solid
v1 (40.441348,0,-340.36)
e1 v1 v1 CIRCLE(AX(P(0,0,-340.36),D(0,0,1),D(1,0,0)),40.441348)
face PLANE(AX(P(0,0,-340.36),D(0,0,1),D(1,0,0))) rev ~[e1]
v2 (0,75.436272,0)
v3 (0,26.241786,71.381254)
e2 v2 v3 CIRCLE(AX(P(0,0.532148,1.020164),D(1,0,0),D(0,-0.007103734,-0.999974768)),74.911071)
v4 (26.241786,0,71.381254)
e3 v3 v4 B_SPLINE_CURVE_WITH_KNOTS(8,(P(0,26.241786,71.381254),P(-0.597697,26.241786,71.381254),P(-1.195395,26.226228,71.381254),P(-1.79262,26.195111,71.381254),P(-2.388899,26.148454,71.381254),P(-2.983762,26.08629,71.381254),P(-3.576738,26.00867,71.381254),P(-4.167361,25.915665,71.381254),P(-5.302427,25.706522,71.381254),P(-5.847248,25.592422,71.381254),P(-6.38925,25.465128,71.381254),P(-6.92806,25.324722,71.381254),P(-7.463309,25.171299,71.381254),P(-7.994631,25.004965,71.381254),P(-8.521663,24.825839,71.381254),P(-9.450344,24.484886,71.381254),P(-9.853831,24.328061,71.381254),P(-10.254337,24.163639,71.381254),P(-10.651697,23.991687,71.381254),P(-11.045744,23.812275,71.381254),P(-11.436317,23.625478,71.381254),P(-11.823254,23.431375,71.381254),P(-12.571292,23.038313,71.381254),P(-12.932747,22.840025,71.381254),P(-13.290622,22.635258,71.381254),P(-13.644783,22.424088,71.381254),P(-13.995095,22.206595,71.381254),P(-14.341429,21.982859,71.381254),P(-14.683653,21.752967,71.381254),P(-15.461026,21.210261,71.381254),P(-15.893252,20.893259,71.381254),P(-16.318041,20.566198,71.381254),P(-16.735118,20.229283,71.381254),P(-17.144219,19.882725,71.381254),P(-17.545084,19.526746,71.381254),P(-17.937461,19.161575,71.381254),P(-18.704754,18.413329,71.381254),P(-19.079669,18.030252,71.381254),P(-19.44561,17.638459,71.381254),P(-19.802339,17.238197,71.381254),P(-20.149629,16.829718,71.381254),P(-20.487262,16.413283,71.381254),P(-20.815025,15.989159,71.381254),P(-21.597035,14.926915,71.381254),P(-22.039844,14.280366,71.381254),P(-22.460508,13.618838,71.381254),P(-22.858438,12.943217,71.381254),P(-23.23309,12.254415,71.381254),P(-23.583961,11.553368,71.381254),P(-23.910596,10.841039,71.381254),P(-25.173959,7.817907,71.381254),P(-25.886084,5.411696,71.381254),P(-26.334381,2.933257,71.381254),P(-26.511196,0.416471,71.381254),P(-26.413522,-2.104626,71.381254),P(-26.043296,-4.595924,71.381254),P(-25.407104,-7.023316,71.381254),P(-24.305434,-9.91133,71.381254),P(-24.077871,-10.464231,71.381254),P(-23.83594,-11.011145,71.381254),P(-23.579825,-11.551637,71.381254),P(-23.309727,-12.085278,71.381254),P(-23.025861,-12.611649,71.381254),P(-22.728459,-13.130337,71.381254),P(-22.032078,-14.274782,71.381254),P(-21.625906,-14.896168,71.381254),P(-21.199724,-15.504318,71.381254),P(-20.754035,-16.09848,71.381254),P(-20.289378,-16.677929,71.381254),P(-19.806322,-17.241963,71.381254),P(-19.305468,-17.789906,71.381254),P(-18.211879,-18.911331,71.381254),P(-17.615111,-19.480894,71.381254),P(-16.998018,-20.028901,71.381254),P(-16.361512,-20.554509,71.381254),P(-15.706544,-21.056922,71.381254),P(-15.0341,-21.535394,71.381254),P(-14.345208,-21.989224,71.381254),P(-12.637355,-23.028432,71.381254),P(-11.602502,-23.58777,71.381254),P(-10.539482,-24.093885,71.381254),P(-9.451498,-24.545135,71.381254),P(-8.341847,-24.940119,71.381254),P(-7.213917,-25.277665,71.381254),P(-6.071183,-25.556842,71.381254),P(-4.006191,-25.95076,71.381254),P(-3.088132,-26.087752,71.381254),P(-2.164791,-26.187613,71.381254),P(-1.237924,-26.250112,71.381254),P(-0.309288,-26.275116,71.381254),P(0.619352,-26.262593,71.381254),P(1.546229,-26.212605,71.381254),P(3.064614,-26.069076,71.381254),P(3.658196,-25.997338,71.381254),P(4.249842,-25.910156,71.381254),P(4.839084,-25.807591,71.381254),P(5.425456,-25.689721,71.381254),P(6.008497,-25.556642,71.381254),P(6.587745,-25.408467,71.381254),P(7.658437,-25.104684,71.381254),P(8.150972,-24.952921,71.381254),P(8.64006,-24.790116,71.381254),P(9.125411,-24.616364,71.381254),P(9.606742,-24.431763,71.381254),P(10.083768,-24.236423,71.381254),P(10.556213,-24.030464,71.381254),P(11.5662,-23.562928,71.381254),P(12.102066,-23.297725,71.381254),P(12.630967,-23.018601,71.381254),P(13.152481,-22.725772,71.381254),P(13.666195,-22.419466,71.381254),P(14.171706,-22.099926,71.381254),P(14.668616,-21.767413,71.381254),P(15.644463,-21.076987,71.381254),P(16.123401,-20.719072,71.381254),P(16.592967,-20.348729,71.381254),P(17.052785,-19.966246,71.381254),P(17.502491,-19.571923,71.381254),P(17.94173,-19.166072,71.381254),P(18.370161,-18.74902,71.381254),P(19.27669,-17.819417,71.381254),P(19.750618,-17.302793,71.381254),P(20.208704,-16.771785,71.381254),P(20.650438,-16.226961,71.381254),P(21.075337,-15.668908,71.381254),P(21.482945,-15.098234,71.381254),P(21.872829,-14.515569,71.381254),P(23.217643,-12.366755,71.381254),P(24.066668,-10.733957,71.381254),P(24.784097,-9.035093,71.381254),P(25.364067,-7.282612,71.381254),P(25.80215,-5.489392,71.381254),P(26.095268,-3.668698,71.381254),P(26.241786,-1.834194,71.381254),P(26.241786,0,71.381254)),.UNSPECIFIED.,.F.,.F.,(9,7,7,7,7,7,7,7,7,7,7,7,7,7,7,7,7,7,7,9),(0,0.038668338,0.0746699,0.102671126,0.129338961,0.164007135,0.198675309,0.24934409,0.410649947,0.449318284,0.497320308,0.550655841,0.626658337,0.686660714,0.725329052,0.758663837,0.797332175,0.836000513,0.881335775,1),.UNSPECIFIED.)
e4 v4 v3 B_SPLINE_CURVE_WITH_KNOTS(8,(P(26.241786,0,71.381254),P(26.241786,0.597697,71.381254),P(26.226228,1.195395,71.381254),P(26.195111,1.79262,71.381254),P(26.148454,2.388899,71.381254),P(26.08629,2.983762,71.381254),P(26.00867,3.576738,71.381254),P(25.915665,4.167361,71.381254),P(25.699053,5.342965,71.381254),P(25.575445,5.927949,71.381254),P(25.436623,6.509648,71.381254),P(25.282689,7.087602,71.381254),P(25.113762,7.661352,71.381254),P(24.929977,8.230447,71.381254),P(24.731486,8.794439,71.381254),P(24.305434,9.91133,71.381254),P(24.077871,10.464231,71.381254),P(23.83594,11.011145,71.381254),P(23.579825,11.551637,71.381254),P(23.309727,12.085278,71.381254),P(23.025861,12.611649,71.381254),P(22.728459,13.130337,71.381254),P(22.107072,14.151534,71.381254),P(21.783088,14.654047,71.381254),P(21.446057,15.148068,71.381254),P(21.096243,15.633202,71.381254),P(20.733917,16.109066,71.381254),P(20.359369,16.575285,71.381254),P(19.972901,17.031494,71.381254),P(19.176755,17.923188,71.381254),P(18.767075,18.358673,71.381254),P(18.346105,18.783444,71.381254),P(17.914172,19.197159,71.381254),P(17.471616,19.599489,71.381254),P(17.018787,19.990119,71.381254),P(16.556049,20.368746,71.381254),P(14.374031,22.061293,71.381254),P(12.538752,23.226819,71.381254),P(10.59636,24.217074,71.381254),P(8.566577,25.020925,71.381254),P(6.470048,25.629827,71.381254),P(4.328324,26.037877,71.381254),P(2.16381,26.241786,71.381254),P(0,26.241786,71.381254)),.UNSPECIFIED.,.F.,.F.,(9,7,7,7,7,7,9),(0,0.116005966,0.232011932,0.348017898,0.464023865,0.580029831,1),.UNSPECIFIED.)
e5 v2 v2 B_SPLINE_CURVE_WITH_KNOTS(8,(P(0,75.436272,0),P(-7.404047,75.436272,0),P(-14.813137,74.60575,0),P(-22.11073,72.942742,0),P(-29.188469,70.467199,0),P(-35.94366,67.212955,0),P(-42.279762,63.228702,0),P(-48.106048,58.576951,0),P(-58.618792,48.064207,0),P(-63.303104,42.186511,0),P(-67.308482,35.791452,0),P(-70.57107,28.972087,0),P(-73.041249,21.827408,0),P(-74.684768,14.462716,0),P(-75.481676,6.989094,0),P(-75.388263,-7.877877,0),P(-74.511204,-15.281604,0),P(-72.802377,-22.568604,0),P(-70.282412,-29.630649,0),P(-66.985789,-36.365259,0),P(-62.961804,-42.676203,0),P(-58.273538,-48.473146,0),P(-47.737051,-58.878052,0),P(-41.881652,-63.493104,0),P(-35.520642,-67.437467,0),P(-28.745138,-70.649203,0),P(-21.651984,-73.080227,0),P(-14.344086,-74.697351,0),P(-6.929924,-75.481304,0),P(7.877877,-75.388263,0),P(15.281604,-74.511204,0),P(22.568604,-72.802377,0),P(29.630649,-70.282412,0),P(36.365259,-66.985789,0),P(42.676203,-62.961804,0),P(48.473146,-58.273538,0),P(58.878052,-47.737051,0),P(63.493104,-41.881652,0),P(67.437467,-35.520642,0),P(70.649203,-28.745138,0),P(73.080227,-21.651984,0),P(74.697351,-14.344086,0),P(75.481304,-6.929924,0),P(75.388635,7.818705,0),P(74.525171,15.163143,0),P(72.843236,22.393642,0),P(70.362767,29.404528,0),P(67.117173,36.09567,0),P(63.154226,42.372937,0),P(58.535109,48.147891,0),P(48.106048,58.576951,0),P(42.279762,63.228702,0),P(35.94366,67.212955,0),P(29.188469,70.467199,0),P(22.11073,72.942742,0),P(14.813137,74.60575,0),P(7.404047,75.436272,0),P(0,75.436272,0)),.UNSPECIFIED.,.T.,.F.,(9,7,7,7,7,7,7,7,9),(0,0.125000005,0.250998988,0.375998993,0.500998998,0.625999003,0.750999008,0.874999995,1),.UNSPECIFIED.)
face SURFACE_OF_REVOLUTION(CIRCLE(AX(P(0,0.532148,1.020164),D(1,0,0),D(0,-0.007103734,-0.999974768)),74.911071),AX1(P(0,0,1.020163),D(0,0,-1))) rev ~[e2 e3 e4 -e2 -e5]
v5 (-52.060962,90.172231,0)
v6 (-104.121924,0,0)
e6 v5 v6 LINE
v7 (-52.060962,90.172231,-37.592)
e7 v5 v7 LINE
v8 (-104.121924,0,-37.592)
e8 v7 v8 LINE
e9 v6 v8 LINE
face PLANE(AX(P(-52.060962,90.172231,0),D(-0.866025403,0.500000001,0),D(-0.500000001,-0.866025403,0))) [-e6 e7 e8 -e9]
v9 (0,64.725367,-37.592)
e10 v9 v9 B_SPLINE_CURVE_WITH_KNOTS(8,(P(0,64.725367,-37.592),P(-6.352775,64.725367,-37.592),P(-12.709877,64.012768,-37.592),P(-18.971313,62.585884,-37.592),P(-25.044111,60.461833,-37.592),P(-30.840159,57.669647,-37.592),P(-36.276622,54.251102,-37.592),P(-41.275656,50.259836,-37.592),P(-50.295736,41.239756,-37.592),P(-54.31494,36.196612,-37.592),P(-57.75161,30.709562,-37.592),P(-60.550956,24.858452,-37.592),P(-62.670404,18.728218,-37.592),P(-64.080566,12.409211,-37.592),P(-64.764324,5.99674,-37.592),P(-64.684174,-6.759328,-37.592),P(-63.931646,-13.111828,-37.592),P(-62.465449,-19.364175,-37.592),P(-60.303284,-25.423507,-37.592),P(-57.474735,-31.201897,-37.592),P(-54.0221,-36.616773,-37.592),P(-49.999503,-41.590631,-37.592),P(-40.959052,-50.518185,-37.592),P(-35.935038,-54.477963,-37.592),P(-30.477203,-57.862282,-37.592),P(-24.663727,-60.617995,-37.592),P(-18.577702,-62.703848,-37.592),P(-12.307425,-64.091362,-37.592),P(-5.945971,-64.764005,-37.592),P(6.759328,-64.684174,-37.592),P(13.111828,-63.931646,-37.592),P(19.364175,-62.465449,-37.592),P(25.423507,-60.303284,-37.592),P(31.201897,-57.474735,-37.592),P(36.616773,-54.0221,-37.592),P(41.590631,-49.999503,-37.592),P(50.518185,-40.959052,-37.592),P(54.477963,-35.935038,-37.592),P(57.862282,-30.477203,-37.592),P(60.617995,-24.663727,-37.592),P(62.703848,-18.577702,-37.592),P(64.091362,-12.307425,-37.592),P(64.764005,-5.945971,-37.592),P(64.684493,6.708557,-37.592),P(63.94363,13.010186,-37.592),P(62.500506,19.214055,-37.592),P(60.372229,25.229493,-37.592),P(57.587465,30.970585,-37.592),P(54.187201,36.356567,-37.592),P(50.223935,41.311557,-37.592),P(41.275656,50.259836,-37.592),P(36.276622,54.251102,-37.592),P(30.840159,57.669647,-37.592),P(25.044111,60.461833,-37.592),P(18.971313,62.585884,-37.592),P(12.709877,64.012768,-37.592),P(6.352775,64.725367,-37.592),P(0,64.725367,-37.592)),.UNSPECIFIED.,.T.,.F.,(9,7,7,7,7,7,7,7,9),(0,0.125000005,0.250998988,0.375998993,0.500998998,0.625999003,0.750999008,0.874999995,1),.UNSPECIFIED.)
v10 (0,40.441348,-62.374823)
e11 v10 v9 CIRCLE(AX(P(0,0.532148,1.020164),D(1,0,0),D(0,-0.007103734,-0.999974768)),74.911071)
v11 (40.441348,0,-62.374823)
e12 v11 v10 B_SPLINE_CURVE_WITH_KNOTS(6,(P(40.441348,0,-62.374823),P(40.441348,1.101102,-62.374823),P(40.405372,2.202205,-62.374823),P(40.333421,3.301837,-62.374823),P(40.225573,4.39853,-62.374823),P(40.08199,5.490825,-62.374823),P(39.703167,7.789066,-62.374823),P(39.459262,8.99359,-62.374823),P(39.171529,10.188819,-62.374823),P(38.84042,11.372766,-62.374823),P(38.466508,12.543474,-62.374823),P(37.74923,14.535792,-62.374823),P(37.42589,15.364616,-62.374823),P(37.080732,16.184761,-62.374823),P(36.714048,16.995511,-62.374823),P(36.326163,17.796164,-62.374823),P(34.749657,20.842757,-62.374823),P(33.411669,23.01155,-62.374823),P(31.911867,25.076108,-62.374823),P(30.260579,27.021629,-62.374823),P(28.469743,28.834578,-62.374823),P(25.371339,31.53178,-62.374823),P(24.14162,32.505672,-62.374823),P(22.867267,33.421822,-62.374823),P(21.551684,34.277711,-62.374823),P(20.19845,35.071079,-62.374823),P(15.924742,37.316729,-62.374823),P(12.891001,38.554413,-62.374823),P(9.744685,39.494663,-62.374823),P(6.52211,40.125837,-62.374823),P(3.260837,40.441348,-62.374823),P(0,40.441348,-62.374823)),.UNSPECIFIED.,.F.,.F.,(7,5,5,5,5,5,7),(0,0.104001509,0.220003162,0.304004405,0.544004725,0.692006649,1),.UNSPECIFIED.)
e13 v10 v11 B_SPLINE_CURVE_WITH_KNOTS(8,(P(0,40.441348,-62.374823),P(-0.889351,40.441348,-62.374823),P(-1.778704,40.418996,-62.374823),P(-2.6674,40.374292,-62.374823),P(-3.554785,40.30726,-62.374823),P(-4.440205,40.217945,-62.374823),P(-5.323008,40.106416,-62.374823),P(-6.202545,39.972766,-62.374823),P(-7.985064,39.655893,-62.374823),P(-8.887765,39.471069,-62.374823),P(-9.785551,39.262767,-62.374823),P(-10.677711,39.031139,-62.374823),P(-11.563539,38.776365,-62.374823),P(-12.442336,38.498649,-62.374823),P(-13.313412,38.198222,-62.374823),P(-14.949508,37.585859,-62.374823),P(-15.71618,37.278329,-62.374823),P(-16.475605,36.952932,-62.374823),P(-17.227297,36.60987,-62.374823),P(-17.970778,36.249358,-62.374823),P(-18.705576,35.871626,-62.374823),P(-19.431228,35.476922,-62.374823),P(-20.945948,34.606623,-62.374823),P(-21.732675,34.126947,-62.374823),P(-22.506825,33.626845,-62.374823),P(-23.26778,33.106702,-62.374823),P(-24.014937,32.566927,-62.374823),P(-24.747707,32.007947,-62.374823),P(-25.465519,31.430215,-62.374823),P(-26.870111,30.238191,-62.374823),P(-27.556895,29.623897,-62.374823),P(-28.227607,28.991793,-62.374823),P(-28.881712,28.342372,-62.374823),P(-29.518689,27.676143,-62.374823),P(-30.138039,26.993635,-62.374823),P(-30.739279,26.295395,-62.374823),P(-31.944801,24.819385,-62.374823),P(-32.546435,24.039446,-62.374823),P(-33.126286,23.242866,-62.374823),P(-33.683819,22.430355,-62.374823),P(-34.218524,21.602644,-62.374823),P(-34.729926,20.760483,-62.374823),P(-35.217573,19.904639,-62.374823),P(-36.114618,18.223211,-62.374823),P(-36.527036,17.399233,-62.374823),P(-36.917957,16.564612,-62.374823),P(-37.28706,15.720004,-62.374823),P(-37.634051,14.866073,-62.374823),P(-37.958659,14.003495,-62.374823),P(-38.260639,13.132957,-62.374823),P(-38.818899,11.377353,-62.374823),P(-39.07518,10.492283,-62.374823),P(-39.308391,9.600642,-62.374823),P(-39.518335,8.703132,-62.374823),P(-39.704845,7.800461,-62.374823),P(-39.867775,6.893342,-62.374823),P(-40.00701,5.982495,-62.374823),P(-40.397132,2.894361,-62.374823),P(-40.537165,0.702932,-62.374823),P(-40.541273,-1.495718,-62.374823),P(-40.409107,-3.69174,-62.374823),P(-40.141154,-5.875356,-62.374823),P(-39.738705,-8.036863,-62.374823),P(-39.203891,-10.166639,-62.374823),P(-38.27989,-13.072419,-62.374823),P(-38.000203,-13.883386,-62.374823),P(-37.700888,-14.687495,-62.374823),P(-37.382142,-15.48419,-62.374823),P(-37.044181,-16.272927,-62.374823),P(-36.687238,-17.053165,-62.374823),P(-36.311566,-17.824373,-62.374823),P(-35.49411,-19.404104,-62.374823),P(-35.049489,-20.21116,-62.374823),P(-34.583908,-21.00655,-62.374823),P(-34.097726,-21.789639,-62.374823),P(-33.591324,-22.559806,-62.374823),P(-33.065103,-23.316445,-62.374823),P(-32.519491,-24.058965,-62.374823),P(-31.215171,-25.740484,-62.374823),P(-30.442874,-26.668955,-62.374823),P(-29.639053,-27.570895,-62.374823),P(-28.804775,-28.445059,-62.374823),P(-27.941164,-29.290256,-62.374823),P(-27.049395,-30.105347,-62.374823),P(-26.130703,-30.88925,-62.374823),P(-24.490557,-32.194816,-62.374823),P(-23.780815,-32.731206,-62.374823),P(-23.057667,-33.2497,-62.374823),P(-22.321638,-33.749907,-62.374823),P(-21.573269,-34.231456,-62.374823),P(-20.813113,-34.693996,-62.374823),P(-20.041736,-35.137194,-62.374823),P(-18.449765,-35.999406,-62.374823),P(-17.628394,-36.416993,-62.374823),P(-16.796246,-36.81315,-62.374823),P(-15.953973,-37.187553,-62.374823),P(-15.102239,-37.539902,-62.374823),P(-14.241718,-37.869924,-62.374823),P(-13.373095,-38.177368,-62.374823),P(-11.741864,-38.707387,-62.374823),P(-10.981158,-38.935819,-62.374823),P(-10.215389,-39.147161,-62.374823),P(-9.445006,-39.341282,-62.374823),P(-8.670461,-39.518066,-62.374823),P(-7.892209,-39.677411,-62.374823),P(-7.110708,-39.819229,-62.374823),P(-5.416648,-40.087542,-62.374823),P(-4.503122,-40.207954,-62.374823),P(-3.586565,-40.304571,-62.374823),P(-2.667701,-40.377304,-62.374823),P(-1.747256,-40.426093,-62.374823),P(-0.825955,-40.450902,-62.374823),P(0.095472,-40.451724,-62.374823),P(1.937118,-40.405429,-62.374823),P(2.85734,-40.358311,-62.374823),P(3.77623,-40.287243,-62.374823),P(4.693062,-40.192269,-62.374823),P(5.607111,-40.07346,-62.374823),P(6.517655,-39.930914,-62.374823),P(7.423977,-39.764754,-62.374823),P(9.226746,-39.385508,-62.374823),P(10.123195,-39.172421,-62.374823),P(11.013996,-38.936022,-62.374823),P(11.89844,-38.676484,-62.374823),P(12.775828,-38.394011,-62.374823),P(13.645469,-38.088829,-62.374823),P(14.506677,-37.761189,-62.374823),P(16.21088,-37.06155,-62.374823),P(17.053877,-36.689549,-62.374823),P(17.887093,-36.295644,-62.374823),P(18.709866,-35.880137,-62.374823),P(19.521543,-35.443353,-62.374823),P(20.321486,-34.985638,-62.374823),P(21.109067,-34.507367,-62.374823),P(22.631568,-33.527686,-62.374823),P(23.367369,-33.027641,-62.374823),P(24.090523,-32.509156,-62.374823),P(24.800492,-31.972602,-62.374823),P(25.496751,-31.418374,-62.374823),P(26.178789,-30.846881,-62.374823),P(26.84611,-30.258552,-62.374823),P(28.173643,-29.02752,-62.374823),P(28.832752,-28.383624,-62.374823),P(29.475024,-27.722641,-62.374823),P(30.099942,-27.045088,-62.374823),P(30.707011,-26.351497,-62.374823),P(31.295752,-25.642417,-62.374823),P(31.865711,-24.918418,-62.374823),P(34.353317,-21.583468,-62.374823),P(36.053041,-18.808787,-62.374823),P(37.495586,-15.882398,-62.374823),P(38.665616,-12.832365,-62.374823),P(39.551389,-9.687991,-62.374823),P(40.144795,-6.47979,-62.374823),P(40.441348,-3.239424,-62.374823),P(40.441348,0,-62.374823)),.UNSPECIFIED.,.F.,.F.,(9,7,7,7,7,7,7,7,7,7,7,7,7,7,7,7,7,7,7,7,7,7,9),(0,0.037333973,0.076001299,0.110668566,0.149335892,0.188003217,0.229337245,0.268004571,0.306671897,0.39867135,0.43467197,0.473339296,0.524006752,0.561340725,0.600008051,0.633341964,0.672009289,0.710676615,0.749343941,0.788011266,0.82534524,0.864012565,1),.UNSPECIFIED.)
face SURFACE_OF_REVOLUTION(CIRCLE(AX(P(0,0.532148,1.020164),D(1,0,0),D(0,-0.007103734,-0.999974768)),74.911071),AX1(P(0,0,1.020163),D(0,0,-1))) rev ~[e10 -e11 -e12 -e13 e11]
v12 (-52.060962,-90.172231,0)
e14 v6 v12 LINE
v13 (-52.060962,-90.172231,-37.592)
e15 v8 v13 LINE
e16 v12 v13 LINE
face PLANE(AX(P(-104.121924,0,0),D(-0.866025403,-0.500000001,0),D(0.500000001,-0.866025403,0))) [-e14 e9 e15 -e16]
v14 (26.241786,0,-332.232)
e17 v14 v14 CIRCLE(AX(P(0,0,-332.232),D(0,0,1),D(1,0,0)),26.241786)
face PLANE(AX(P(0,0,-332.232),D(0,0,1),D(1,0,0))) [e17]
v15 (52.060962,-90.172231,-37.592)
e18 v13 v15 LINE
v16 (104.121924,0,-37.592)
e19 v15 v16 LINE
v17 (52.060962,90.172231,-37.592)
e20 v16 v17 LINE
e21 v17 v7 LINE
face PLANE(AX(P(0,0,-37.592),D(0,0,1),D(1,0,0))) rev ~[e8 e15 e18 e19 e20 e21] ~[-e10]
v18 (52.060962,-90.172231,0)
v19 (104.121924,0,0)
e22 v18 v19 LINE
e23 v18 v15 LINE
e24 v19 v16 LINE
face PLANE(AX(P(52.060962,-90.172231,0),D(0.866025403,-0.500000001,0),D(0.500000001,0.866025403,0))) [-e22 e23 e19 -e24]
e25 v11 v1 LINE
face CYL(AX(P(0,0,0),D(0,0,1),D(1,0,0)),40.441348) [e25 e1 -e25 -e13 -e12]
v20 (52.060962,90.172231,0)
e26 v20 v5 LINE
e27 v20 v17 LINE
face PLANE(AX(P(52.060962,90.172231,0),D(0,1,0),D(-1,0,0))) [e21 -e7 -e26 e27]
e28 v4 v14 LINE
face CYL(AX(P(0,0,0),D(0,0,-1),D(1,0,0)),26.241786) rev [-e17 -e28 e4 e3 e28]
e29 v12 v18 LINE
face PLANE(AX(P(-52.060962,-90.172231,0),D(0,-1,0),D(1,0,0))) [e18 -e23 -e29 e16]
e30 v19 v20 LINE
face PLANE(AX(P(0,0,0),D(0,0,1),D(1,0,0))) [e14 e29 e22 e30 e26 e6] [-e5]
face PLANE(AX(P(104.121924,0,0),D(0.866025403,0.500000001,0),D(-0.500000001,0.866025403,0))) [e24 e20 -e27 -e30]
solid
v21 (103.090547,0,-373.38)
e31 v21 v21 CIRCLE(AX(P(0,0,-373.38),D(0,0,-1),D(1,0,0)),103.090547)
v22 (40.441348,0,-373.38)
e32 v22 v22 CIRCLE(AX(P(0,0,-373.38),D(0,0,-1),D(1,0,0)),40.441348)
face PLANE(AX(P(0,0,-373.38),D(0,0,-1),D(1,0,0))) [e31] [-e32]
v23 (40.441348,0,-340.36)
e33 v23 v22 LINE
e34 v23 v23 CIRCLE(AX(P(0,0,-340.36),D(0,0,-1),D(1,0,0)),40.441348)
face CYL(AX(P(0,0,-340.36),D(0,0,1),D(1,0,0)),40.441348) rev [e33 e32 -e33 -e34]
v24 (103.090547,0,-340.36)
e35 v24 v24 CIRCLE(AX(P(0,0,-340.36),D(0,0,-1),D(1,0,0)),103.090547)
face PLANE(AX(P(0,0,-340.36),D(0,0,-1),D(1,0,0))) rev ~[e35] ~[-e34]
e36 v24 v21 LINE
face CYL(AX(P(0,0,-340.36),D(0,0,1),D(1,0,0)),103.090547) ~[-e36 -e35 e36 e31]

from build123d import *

# Parameters (mm, degrees)
F2_R      = 40.441348
F3_DEPTH  = 340.36
F5_DEPTH  = 37.592
F6_R      = 26.241786
F7_DEPTH  = 332.232
F8_DEPTH  = 170.434
F9_R      = 103.090547
F9_R_2    = 40.441348
F10_DEPTH = 33.02


with BuildPart() as f1:
    # F0 (on Right) → F1 (revolve)
    with BuildSketch(Plane.YZ):
        with BuildLine():
            Line((0, 75.929344), (0, -73.889017))
            ThreePointArc((0, -73.889017), (75.443219, 1.020163), (0, 75.929344))
        make_face()
    revolve(axis=Axis((0, 0, 1.020163), (0, 0, -1)))

    # F2 (on Top) → F3 (join)
    with BuildSketch(Plane.XY):
        Circle(F2_R)
    extrude(amount=-F3_DEPTH)

    # F4 (on Top) → F5 (join)
    with BuildSketch(Plane.XY):
        Polygon((52.060962, 90.172231), (-52.060962, 90.172231), (-104.121924, 0), (-52.060962, -90.172231), (52.060962, -90.172231), (104.121924, 0), align=None)
    extrude(amount=-F5_DEPTH)

    # F6 (on Top) → F7 (cut)
    with BuildSketch(Plane.XY):
        Circle(F6_R)
    extrude(amount=-F7_DEPTH, mode=Mode.SUBTRACT)

    # F6 (on Top) → F8 (cut)
    with BuildSketch(Plane.XY):
        Circle(F6_R)
    extrude(amount=F8_DEPTH, mode=Mode.SUBTRACT)


with BuildPart() as f10:
    # F9 (on face) → F10 (new body)
    with BuildSketch(Plane(origin=(0, 0, -340.36), x_dir=(1, 0, 0), z_dir=(0, 0, -1))):
        Circle(F9_R)
        Circle(F9_R_2, mode=Mode.SUBTRACT)
    extrude(amount=F10_DEPTH)


solid = Compound([f1.part, f10.part])
